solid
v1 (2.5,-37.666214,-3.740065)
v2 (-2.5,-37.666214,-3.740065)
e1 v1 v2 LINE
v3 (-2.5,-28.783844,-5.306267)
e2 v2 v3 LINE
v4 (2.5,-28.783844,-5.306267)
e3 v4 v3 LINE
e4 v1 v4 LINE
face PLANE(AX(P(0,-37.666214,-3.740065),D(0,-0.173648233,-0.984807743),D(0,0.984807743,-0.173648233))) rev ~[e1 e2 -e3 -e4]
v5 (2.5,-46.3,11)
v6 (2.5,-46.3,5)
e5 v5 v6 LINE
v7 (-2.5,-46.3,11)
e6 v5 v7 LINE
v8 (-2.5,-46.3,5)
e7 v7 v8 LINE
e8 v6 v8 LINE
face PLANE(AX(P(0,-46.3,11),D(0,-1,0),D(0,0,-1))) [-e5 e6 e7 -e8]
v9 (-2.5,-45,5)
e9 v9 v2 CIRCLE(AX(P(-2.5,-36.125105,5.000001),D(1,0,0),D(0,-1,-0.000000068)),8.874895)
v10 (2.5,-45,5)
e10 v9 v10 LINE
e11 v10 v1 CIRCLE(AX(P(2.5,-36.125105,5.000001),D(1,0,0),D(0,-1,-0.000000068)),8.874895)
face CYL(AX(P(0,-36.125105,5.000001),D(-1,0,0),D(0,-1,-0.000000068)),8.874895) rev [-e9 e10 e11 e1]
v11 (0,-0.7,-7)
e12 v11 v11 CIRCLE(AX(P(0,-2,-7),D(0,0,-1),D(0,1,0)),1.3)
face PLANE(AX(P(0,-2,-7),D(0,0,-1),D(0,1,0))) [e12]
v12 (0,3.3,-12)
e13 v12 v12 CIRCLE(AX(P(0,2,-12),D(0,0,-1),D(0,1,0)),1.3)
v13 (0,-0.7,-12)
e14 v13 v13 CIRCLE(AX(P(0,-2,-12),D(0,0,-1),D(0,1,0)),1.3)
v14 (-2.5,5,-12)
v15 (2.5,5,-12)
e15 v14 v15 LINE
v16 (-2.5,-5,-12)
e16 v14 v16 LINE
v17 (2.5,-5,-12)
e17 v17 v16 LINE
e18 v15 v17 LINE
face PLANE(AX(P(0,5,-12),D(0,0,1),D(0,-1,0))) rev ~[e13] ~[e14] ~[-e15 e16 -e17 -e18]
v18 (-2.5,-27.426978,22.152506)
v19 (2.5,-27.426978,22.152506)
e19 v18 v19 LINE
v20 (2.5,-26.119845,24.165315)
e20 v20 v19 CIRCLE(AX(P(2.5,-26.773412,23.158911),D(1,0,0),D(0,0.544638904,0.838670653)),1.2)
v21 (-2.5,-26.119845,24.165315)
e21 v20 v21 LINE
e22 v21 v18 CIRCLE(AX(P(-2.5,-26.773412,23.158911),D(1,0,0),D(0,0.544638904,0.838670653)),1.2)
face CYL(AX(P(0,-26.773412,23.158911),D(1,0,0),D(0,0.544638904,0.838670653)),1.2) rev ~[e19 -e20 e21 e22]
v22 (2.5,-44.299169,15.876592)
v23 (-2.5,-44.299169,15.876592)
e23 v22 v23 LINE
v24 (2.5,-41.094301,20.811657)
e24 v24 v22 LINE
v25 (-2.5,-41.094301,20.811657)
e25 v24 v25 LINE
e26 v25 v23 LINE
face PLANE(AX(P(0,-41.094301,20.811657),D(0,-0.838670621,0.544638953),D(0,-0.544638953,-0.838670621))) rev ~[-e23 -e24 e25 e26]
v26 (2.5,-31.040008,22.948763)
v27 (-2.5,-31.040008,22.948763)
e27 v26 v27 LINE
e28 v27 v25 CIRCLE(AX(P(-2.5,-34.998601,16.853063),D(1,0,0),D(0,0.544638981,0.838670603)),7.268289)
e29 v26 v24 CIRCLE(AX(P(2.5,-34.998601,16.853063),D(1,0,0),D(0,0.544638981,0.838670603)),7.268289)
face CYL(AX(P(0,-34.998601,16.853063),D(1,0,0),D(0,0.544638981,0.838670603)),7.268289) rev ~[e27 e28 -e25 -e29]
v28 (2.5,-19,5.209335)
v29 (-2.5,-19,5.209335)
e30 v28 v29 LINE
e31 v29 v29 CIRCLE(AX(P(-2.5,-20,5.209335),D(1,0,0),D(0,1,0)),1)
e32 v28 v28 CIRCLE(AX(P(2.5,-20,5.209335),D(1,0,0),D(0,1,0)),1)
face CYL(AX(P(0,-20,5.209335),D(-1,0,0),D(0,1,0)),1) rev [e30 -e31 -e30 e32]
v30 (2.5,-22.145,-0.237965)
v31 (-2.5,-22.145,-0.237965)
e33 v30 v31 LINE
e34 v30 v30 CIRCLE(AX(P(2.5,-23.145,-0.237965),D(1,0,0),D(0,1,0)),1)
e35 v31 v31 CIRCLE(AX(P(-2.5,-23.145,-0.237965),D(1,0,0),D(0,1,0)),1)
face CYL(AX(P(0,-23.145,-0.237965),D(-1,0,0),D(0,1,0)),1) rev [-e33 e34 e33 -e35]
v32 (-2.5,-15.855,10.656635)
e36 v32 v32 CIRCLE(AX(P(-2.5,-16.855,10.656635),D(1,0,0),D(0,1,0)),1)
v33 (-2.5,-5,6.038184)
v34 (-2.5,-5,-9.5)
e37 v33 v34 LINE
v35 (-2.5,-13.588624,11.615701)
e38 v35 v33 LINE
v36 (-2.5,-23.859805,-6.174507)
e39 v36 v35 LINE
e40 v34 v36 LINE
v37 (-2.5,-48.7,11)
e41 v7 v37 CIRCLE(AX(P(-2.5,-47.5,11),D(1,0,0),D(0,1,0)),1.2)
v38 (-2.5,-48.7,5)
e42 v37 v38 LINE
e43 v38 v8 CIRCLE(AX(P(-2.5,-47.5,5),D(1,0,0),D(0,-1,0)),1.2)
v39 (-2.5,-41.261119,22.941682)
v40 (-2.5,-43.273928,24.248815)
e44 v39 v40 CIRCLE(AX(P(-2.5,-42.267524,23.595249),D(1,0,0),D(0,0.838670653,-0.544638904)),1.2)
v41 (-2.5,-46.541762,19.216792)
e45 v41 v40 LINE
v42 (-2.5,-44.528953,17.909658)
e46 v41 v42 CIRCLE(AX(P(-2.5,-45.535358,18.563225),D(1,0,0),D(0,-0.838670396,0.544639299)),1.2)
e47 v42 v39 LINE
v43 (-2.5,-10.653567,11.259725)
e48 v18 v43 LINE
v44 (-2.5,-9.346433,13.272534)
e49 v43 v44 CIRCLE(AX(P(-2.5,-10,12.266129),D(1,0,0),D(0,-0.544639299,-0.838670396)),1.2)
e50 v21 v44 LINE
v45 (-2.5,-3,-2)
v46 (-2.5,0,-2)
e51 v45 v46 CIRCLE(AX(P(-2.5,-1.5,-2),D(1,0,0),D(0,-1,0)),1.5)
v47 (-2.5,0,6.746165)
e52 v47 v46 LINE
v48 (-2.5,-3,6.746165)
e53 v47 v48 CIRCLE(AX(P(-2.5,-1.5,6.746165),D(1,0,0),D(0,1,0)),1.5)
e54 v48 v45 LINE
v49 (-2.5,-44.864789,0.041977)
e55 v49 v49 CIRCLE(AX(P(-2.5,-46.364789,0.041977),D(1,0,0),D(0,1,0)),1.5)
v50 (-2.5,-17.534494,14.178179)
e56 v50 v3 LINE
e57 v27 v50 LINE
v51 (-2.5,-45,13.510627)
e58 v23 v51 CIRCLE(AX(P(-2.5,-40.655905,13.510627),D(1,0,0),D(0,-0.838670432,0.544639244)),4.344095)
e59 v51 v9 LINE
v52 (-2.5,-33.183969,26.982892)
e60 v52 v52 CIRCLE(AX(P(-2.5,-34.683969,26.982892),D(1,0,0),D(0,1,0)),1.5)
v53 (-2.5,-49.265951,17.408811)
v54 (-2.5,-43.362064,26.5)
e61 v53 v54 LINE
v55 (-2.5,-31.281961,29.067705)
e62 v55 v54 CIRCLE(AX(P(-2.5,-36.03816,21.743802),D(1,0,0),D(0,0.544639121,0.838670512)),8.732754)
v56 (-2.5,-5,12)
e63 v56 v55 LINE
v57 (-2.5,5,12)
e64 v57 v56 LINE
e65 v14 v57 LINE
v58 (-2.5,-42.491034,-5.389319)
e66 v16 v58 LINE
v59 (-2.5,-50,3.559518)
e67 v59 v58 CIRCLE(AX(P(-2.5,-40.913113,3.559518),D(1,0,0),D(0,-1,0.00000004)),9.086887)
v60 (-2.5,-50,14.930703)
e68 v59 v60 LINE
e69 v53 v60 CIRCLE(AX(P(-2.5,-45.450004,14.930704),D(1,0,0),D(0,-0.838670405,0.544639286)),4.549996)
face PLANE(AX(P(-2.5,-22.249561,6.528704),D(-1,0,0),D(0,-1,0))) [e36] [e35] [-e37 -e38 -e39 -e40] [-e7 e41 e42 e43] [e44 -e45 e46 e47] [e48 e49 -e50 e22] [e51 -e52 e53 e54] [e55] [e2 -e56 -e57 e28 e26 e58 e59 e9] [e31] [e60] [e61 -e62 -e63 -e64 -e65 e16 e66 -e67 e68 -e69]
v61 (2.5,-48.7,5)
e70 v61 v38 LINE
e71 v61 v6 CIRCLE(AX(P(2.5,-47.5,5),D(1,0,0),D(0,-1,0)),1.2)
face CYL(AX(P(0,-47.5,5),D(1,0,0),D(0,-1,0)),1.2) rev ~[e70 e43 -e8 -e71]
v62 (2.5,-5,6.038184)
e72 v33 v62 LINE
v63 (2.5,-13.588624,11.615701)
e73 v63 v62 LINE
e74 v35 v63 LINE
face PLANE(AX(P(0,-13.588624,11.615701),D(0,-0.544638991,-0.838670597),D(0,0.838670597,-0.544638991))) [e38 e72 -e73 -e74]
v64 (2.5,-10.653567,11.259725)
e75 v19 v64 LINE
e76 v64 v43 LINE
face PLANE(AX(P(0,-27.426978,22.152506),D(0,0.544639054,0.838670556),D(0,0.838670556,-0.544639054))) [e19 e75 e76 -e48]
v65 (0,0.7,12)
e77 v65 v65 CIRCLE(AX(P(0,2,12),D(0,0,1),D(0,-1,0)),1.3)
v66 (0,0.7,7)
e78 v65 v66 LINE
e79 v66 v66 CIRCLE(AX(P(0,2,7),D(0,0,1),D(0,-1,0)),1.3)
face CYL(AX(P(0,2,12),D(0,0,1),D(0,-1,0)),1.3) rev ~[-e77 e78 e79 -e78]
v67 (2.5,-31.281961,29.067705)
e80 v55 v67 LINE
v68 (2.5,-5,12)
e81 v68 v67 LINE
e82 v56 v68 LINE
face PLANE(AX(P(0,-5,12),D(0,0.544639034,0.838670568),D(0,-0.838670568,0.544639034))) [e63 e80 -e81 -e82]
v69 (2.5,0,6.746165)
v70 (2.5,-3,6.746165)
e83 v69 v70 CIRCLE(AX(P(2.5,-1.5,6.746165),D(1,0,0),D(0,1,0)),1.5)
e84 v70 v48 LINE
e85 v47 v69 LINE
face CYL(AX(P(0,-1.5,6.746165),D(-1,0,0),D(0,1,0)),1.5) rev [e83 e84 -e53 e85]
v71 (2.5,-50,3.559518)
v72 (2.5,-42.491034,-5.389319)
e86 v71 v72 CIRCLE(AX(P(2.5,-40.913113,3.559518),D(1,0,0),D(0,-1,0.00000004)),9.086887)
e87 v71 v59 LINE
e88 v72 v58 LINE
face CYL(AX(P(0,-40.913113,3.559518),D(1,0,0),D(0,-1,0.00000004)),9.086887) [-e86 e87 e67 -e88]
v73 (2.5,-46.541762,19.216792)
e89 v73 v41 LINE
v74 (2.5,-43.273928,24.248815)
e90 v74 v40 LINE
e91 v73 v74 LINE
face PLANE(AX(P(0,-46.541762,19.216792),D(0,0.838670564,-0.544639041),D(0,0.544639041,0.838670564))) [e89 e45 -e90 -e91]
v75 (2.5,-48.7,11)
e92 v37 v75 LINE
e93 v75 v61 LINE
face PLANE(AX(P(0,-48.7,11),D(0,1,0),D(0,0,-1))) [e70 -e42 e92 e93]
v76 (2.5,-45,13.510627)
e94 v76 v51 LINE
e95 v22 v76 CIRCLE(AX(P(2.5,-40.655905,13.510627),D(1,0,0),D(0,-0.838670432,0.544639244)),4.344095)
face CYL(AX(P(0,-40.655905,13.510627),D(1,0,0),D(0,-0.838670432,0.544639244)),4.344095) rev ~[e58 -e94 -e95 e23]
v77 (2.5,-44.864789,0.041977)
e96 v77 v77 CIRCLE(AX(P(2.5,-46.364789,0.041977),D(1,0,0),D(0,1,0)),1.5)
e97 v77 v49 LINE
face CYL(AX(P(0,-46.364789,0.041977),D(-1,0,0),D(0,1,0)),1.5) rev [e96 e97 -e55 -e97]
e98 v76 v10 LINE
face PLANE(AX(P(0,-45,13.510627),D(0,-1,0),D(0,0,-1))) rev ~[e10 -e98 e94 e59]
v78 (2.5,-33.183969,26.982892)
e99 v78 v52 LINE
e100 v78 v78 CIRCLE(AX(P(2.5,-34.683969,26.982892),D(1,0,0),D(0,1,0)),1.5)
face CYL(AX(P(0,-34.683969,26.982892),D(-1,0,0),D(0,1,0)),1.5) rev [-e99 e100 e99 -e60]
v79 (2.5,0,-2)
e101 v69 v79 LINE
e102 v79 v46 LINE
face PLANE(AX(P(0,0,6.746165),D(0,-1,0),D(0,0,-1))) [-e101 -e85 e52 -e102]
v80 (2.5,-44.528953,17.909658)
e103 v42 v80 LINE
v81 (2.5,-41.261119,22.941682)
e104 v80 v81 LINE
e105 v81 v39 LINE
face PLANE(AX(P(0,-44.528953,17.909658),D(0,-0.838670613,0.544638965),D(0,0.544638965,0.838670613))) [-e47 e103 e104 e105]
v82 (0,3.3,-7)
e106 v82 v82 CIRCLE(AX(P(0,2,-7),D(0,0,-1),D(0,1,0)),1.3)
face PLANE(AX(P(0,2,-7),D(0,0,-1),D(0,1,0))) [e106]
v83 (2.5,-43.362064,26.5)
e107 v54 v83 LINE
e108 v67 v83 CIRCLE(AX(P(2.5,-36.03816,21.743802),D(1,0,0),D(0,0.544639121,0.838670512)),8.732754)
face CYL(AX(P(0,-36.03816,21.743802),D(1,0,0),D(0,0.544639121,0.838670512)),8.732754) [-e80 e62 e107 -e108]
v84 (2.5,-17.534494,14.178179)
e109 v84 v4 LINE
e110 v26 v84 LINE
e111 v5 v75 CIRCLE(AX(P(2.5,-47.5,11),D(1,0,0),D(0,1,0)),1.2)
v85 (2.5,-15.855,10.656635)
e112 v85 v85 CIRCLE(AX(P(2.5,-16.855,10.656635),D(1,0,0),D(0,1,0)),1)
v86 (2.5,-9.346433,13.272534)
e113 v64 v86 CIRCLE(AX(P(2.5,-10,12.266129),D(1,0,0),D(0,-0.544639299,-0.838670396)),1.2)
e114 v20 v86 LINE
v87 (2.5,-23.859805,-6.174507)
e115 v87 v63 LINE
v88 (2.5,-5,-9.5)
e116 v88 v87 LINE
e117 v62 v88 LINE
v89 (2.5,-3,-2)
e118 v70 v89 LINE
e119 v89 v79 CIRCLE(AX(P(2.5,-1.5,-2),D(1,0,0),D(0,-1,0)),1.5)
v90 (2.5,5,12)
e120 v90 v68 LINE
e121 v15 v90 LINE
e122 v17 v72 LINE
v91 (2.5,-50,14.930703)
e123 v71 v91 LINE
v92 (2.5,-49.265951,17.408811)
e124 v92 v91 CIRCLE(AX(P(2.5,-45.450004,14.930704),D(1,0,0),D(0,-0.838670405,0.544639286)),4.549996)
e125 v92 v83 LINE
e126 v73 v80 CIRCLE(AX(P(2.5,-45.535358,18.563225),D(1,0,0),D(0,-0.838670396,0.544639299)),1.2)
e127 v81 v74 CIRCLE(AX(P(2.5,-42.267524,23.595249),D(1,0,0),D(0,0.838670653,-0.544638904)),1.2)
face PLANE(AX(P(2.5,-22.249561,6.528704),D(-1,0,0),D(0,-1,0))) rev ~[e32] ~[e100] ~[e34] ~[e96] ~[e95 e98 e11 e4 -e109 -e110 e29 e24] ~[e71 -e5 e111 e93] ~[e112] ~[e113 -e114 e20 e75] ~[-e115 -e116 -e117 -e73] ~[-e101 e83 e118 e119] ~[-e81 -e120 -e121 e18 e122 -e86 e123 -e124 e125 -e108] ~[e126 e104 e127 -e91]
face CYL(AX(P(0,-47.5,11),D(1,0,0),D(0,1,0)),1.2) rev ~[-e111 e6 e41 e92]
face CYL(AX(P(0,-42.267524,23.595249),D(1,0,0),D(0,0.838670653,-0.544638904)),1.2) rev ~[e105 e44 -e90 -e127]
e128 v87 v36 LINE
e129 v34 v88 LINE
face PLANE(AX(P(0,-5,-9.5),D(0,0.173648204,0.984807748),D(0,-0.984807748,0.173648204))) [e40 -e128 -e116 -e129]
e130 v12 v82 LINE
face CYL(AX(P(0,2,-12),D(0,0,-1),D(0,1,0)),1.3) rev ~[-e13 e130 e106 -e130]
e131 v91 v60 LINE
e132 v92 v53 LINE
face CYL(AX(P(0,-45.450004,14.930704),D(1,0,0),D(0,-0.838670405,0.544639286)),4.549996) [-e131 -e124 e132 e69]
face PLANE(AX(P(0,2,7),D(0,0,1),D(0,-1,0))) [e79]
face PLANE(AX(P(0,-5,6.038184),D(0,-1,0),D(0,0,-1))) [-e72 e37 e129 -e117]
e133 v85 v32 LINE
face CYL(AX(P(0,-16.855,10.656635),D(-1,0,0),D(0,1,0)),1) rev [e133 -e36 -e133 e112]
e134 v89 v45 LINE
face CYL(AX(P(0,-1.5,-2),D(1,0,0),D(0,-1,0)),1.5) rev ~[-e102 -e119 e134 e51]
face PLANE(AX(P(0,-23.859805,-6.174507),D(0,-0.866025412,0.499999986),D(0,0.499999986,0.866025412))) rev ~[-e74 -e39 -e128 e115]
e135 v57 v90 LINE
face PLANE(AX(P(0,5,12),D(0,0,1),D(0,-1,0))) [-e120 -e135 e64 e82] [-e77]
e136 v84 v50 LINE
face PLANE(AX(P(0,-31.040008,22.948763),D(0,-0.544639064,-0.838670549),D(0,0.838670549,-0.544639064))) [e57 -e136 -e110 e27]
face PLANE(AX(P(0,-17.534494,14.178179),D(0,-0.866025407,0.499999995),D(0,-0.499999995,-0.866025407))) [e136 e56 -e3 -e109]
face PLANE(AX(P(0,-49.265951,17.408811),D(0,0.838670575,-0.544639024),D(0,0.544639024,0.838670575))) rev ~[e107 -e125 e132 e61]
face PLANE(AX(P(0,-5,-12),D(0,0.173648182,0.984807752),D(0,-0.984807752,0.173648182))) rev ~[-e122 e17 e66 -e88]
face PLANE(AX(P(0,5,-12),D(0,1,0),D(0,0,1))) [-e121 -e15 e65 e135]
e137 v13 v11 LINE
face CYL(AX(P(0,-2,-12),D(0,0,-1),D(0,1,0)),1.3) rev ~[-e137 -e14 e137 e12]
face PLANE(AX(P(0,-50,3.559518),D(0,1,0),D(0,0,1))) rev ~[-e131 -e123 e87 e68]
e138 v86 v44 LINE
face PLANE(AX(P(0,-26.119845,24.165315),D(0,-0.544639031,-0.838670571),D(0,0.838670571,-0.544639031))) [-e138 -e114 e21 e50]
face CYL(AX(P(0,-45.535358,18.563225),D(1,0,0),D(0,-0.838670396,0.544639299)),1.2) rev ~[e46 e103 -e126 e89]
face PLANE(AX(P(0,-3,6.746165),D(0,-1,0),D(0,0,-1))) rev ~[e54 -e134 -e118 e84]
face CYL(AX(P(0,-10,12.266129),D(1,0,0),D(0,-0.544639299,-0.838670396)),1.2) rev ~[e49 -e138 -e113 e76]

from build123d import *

# Parameters (mm, degrees)
SKETCH_R        = 1.5
SKETCH_R_2      = 1
PAD_DEPTH       = 2.5
SKETCH002_R     = 1.3
POCKET001_DEPTH = 5
SKETCH003_R     = 1.3
POCKET002_DEPTH = 5


with BuildPart() as part:
    # Sketch → Pad (new body, symmetric)
    with BuildSketch(Plane.YZ):
        with BuildLine():
            Line((5, -12), (-5, -12))
            Line((-5, -12), (-42.491034, -5.389319))
            ThreePointArc((-50, 3.559518), (-47.874072, -2.281421), (-42.491034, -5.389319))
            Line((-50, 3.559518), (-50, 14.930703))
            ThreePointArc((-49.265951, 17.408811), (-49.81263, 16.222973), (-50, 14.930703))
            Line((-49.265951, 17.408811), (-43.362064, 26.5))
            ThreePointArc((-31.281961, 29.067705), (-37.853802, 30.285724), (-43.362064, 26.5))
            Line((-5, 12), (-31.281961, 29.067705))
            Line((5, 12), (-5, 12))
            Line((5, 12), (5, -9.5))
            Line((5, -12), (5, -9.5))
        make_face()
        with Locations((-34.683969, 26.982892)):
            Circle(SKETCH_R, mode=Mode.SUBTRACT)
        with Locations((-46.364789, 0.041977)):
            Circle(SKETCH_R, mode=Mode.SUBTRACT)
        with Locations((-20, 5.209335)):
            Circle(SKETCH_R_2, mode=Mode.SUBTRACT)
        with Locations((-16.855, 10.656635)):
            Circle(SKETCH_R_2, mode=Mode.SUBTRACT)
        with Locations((-23.145, -0.237965)):
            Circle(SKETCH_R_2, mode=Mode.SUBTRACT)
        Polygon((-5, 6.038184), (-5, -9.5), (-23.859805, -6.174507), (-13.588624, 11.615701), align=None, mode=Mode.SUBTRACT)
        with BuildLine():
            Line((-41.094301, 20.811657), (-44.299169, 15.876592))
            ThreePointArc((-44.299169, 15.876592), (-44.821109, 14.744417), (-45, 13.510627))
            Line((-45, 13.510627), (-45, 5))
            ThreePointArc((-45, 5), (-42.923669, -0.704672), (-37.666214, -3.740065))
            Line((-37.666214, -3.740065), (-28.783844, -5.306267))
            Line((-17.534494, 14.178179), (-28.783844, -5.306267))
            Line((-31.040008, 22.948763), (-17.534494, 14.178179))
            ThreePointArc((-31.040008, 22.948763), (-36.509764, 23.962522), (-41.094301, 20.811657))
        make_face(mode=Mode.SUBTRACT)
        with BuildLine():
            ThreePointArc((-26.119845, 24.165315), (-27.779816, 23.812477), (-27.426978, 22.152506))
            Line((-27.426978, 22.152506), (-10.653567, 11.259725))
            ThreePointArc((-10.653567, 11.259725), (-8.993595, 11.612563), (-9.346433, 13.272534))
            Line((-26.119845, 24.165315), (-9.346433, 13.272534))
        make_face(mode=Mode.SUBTRACT)
        with BuildLine():
            ThreePointArc((-46.541762, 19.216792), (-46.188924, 17.55682), (-44.528953, 17.909658))
            Line((-44.528953, 17.909658), (-41.261119, 22.941682))
            ThreePointArc((-41.261119, 22.941682), (-41.613957, 24.601653), (-43.273928, 24.248815))
            Line((-46.541762, 19.216792), (-43.273928, 24.248815))
        make_face(mode=Mode.SUBTRACT)
        with BuildLine():
            ThreePointArc((-46.3, 11), (-47.5, 12.2), (-48.7, 11))
            Line((-48.7, 11), (-48.7, 5))
            ThreePointArc((-48.7, 5), (-47.5, 3.8), (-46.3, 5))
            Line((-46.3, 11), (-46.3, 5))
        make_face(mode=Mode.SUBTRACT)
        with BuildLine():
            ThreePointArc((0, 6.746165), (-1.5, 8.246165), (-3, 6.746165))
            Line((-3, 6.746165), (-3, -2))
            ThreePointArc((-3, -2), (-1.5, -3.5), (0, -2))
            Line((0, 6.746165), (0, -2))
        make_face(mode=Mode.SUBTRACT)
    extrude(amount=PAD_DEPTH, both=True)

    # Sketch002 (on Face9 of Pad) → Pocket001 (cut)
    with BuildSketch(Plane(origin=(0, 0, 12), x_dir=(0, -1, 0), z_dir=(0, 0, 1))):
        with Locations((-2, 0)):
            Circle(SKETCH002_R)
    extrude(amount=-POCKET001_DEPTH, mode=Mode.SUBTRACT)

    # Sketch003 (on Face1 of Pocket001) → Pocket002 (cut)
    with BuildSketch(Plane.YX.offset(12)):
        with Locations((-2, 0)):
            Circle(SKETCH003_R)
        with Locations((2, 0)):
            Circle(SKETCH003_R)
    extrude(amount=-POCKET002_DEPTH, mode=Mode.SUBTRACT)


solid = part.part
